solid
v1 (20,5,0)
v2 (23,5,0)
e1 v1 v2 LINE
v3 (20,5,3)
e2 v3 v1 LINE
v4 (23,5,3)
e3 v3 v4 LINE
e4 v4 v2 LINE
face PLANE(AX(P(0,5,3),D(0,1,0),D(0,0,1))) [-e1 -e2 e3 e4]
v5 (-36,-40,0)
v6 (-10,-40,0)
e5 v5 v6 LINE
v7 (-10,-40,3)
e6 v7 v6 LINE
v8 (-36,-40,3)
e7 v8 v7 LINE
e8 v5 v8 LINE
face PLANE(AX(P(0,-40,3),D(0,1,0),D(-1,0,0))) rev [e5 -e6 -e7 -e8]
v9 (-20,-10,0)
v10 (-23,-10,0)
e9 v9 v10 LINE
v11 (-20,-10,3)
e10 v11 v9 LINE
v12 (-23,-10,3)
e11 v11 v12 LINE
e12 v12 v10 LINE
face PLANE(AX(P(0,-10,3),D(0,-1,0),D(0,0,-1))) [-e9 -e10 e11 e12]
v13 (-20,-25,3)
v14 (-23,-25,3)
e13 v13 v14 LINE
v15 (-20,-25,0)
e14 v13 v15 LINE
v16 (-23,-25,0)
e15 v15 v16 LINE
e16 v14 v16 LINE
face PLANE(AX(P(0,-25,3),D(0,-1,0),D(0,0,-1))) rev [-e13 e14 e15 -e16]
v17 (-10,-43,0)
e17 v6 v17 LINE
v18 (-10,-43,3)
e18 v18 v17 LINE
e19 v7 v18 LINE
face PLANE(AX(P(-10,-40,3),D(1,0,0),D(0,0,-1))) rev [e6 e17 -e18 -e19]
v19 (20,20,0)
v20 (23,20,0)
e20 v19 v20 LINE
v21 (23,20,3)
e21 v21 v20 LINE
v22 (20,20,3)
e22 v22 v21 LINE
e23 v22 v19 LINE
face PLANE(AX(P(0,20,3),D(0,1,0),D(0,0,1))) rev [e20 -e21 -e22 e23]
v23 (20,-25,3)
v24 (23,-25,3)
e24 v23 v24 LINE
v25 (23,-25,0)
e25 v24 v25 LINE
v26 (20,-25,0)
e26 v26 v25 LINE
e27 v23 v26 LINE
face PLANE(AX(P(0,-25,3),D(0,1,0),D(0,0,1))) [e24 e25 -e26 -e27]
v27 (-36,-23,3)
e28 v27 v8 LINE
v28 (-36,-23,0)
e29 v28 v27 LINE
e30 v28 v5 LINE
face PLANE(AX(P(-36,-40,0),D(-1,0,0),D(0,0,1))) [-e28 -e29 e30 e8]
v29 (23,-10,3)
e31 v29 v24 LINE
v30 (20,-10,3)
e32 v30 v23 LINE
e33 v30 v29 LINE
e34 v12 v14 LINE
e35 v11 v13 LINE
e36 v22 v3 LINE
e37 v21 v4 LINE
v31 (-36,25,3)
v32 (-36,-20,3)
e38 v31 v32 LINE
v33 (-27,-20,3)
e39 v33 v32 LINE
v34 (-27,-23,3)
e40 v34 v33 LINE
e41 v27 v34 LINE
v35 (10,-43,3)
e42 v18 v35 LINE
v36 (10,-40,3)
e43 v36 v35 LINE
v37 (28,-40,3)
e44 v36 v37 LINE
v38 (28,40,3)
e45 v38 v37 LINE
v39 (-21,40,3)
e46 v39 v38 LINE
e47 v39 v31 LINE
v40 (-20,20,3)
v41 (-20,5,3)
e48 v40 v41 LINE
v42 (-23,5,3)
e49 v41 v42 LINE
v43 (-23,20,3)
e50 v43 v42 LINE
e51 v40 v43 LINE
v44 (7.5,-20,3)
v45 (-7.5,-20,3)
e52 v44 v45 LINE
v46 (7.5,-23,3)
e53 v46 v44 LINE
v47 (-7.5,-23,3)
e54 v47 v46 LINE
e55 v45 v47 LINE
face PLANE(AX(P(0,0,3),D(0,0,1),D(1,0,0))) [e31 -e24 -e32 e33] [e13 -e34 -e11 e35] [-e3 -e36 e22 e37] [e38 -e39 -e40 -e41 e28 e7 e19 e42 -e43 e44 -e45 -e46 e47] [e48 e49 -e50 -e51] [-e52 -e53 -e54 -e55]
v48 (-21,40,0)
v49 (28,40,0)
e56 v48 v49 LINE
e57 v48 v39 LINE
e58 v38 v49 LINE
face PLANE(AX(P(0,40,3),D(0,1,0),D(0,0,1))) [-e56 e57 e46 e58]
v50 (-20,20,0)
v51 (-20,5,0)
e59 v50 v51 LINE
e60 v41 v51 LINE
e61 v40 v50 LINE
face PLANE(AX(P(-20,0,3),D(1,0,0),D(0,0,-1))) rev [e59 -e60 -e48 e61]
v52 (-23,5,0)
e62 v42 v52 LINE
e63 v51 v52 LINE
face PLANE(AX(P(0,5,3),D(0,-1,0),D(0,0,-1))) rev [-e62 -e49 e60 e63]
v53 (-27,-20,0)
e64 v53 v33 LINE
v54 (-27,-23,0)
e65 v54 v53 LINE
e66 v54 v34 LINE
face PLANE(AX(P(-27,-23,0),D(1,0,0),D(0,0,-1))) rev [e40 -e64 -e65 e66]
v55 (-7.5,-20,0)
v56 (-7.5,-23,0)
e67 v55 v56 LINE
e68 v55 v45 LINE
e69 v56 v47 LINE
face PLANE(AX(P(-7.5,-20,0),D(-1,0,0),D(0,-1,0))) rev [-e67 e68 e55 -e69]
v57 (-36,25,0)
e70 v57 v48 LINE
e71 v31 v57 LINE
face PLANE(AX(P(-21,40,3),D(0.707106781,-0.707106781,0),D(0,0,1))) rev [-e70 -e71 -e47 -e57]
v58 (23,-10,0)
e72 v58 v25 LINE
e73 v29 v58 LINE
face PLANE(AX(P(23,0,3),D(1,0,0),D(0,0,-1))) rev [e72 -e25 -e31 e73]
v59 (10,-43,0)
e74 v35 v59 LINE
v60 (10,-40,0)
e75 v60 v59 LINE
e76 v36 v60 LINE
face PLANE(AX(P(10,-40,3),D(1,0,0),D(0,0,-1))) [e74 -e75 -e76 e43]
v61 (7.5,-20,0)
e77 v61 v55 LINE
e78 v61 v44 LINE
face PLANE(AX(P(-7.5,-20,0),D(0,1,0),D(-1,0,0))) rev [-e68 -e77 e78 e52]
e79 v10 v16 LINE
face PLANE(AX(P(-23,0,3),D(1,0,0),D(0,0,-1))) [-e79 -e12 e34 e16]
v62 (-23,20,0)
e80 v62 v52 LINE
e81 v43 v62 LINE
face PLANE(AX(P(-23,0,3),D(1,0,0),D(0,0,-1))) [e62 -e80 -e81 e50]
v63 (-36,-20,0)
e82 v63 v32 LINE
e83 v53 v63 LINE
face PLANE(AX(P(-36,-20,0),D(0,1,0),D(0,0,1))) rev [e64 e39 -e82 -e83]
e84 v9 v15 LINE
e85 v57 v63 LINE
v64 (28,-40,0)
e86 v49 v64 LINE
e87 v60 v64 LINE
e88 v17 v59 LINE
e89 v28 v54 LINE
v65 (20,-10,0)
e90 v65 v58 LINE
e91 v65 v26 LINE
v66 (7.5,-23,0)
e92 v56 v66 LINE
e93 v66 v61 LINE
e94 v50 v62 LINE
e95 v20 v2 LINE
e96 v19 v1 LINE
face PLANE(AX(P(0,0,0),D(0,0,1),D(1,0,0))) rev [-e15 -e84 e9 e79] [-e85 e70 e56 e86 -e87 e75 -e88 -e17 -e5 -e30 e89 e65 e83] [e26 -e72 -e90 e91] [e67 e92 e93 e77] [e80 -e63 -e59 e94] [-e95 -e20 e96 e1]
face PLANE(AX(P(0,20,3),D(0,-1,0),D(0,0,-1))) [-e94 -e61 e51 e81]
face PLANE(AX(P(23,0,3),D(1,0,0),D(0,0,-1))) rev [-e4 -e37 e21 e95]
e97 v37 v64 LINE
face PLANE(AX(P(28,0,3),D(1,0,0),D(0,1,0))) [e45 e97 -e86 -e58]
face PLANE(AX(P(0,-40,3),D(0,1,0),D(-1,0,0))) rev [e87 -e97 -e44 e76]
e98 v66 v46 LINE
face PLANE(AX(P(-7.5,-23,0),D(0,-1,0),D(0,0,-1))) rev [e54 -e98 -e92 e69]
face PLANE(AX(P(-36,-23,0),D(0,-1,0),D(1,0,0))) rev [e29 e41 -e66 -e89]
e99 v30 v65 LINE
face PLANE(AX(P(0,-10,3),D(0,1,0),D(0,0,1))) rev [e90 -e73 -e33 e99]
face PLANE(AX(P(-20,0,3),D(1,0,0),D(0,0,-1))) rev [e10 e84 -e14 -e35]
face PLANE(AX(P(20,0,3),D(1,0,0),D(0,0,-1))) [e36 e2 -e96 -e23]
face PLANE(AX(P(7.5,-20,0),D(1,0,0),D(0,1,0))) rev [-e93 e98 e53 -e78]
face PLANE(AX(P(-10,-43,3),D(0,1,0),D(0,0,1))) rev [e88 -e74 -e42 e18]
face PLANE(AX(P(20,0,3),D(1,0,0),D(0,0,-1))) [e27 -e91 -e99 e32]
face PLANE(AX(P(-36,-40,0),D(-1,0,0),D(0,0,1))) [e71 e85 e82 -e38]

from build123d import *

# Parameters (mm, degrees)
SKETCH_1_W          = 56
SKETCH_1_H          = 80
SKETCH_1_W_2        = 3
SKETCH_1_H_2        = 15
SKETCH_1_W_3        = 20
SKETCH_1_H_3        = 3
EXTRUDE_1_DEPTH     = 3
SKETCH_2_W          = 15
SKETCH_2_H          = 3
CUT_EXTRUDE_1_DEPTH = 3
SKETCH_3_W          = 8
SKETCH_3_H          = 80
EXTRUDE_2_DEPTH     = 3
SKETCH_4_W          = 9
SKETCH_4_H          = 3
CUT_EXTRUDE_2_DEPTH = 3
CHAMFER_1_SIZE      = 15


with BuildPart() as part:
    # 草图1 → 凸台-拉伸1 (new body)
    # profile 1 of 2: a face of its own
    with BuildSketch(Plane.XY):
        Rectangle(SKETCH_1_W, SKETCH_1_H)
        with Locations((21.5, 12.5)):
            Rectangle(SKETCH_1_W_2, SKETCH_1_H_2, mode=Mode.SUBTRACT)
        with Locations((21.5, -17.5)):
            Rectangle(SKETCH_1_W_2, SKETCH_1_H_2, mode=Mode.SUBTRACT)
        with Locations((-21.5, -17.5)):
            Rectangle(SKETCH_1_W_2, SKETCH_1_H_2, mode=Mode.SUBTRACT)
        with Locations((-21.5, 12.5)):
            Rectangle(SKETCH_1_W_2, SKETCH_1_H_2, mode=Mode.SUBTRACT)
    # profile 2 of 2: a face of its own
    with BuildSketch(Plane.XY):
        with Locations((0, -41.5)):
            Rectangle(SKETCH_1_W_3, SKETCH_1_H_3)
    extrude(amount=EXTRUDE_1_DEPTH)

    # 草图2 → 切除-拉伸1 (cut)
    with BuildSketch(Plane.XY.offset(3)):
        with Locations((0, -21.5)):
            Rectangle(SKETCH_2_W, SKETCH_2_H)
    extrude(amount=-CUT_EXTRUDE_1_DEPTH, mode=Mode.SUBTRACT)

    # 草图3 → 凸台-拉伸2 (add)
    with BuildSketch(Plane.XY.offset(3)):
        with Locations((-32, 0)):
            Rectangle(SKETCH_3_W, SKETCH_3_H)
    extrude(amount=-EXTRUDE_2_DEPTH)

    # 草图4 → 切除-拉伸2 (cut)
    with BuildSketch(Plane.XY.offset(3)):
        with Locations((-31.5, -21.5)):
            Rectangle(SKETCH_4_W, SKETCH_4_H)
    extrude(amount=-CUT_EXTRUDE_2_DEPTH, mode=Mode.SUBTRACT)

    # 倒角1
    chamfer_1_edges = [part.edges().sort_by_distance(p)[0] for p in [
        (-36, 40, 1.5),
    ]]
    chamfer(chamfer_1_edges, length=CHAMFER_1_SIZE)


solid = part.part
